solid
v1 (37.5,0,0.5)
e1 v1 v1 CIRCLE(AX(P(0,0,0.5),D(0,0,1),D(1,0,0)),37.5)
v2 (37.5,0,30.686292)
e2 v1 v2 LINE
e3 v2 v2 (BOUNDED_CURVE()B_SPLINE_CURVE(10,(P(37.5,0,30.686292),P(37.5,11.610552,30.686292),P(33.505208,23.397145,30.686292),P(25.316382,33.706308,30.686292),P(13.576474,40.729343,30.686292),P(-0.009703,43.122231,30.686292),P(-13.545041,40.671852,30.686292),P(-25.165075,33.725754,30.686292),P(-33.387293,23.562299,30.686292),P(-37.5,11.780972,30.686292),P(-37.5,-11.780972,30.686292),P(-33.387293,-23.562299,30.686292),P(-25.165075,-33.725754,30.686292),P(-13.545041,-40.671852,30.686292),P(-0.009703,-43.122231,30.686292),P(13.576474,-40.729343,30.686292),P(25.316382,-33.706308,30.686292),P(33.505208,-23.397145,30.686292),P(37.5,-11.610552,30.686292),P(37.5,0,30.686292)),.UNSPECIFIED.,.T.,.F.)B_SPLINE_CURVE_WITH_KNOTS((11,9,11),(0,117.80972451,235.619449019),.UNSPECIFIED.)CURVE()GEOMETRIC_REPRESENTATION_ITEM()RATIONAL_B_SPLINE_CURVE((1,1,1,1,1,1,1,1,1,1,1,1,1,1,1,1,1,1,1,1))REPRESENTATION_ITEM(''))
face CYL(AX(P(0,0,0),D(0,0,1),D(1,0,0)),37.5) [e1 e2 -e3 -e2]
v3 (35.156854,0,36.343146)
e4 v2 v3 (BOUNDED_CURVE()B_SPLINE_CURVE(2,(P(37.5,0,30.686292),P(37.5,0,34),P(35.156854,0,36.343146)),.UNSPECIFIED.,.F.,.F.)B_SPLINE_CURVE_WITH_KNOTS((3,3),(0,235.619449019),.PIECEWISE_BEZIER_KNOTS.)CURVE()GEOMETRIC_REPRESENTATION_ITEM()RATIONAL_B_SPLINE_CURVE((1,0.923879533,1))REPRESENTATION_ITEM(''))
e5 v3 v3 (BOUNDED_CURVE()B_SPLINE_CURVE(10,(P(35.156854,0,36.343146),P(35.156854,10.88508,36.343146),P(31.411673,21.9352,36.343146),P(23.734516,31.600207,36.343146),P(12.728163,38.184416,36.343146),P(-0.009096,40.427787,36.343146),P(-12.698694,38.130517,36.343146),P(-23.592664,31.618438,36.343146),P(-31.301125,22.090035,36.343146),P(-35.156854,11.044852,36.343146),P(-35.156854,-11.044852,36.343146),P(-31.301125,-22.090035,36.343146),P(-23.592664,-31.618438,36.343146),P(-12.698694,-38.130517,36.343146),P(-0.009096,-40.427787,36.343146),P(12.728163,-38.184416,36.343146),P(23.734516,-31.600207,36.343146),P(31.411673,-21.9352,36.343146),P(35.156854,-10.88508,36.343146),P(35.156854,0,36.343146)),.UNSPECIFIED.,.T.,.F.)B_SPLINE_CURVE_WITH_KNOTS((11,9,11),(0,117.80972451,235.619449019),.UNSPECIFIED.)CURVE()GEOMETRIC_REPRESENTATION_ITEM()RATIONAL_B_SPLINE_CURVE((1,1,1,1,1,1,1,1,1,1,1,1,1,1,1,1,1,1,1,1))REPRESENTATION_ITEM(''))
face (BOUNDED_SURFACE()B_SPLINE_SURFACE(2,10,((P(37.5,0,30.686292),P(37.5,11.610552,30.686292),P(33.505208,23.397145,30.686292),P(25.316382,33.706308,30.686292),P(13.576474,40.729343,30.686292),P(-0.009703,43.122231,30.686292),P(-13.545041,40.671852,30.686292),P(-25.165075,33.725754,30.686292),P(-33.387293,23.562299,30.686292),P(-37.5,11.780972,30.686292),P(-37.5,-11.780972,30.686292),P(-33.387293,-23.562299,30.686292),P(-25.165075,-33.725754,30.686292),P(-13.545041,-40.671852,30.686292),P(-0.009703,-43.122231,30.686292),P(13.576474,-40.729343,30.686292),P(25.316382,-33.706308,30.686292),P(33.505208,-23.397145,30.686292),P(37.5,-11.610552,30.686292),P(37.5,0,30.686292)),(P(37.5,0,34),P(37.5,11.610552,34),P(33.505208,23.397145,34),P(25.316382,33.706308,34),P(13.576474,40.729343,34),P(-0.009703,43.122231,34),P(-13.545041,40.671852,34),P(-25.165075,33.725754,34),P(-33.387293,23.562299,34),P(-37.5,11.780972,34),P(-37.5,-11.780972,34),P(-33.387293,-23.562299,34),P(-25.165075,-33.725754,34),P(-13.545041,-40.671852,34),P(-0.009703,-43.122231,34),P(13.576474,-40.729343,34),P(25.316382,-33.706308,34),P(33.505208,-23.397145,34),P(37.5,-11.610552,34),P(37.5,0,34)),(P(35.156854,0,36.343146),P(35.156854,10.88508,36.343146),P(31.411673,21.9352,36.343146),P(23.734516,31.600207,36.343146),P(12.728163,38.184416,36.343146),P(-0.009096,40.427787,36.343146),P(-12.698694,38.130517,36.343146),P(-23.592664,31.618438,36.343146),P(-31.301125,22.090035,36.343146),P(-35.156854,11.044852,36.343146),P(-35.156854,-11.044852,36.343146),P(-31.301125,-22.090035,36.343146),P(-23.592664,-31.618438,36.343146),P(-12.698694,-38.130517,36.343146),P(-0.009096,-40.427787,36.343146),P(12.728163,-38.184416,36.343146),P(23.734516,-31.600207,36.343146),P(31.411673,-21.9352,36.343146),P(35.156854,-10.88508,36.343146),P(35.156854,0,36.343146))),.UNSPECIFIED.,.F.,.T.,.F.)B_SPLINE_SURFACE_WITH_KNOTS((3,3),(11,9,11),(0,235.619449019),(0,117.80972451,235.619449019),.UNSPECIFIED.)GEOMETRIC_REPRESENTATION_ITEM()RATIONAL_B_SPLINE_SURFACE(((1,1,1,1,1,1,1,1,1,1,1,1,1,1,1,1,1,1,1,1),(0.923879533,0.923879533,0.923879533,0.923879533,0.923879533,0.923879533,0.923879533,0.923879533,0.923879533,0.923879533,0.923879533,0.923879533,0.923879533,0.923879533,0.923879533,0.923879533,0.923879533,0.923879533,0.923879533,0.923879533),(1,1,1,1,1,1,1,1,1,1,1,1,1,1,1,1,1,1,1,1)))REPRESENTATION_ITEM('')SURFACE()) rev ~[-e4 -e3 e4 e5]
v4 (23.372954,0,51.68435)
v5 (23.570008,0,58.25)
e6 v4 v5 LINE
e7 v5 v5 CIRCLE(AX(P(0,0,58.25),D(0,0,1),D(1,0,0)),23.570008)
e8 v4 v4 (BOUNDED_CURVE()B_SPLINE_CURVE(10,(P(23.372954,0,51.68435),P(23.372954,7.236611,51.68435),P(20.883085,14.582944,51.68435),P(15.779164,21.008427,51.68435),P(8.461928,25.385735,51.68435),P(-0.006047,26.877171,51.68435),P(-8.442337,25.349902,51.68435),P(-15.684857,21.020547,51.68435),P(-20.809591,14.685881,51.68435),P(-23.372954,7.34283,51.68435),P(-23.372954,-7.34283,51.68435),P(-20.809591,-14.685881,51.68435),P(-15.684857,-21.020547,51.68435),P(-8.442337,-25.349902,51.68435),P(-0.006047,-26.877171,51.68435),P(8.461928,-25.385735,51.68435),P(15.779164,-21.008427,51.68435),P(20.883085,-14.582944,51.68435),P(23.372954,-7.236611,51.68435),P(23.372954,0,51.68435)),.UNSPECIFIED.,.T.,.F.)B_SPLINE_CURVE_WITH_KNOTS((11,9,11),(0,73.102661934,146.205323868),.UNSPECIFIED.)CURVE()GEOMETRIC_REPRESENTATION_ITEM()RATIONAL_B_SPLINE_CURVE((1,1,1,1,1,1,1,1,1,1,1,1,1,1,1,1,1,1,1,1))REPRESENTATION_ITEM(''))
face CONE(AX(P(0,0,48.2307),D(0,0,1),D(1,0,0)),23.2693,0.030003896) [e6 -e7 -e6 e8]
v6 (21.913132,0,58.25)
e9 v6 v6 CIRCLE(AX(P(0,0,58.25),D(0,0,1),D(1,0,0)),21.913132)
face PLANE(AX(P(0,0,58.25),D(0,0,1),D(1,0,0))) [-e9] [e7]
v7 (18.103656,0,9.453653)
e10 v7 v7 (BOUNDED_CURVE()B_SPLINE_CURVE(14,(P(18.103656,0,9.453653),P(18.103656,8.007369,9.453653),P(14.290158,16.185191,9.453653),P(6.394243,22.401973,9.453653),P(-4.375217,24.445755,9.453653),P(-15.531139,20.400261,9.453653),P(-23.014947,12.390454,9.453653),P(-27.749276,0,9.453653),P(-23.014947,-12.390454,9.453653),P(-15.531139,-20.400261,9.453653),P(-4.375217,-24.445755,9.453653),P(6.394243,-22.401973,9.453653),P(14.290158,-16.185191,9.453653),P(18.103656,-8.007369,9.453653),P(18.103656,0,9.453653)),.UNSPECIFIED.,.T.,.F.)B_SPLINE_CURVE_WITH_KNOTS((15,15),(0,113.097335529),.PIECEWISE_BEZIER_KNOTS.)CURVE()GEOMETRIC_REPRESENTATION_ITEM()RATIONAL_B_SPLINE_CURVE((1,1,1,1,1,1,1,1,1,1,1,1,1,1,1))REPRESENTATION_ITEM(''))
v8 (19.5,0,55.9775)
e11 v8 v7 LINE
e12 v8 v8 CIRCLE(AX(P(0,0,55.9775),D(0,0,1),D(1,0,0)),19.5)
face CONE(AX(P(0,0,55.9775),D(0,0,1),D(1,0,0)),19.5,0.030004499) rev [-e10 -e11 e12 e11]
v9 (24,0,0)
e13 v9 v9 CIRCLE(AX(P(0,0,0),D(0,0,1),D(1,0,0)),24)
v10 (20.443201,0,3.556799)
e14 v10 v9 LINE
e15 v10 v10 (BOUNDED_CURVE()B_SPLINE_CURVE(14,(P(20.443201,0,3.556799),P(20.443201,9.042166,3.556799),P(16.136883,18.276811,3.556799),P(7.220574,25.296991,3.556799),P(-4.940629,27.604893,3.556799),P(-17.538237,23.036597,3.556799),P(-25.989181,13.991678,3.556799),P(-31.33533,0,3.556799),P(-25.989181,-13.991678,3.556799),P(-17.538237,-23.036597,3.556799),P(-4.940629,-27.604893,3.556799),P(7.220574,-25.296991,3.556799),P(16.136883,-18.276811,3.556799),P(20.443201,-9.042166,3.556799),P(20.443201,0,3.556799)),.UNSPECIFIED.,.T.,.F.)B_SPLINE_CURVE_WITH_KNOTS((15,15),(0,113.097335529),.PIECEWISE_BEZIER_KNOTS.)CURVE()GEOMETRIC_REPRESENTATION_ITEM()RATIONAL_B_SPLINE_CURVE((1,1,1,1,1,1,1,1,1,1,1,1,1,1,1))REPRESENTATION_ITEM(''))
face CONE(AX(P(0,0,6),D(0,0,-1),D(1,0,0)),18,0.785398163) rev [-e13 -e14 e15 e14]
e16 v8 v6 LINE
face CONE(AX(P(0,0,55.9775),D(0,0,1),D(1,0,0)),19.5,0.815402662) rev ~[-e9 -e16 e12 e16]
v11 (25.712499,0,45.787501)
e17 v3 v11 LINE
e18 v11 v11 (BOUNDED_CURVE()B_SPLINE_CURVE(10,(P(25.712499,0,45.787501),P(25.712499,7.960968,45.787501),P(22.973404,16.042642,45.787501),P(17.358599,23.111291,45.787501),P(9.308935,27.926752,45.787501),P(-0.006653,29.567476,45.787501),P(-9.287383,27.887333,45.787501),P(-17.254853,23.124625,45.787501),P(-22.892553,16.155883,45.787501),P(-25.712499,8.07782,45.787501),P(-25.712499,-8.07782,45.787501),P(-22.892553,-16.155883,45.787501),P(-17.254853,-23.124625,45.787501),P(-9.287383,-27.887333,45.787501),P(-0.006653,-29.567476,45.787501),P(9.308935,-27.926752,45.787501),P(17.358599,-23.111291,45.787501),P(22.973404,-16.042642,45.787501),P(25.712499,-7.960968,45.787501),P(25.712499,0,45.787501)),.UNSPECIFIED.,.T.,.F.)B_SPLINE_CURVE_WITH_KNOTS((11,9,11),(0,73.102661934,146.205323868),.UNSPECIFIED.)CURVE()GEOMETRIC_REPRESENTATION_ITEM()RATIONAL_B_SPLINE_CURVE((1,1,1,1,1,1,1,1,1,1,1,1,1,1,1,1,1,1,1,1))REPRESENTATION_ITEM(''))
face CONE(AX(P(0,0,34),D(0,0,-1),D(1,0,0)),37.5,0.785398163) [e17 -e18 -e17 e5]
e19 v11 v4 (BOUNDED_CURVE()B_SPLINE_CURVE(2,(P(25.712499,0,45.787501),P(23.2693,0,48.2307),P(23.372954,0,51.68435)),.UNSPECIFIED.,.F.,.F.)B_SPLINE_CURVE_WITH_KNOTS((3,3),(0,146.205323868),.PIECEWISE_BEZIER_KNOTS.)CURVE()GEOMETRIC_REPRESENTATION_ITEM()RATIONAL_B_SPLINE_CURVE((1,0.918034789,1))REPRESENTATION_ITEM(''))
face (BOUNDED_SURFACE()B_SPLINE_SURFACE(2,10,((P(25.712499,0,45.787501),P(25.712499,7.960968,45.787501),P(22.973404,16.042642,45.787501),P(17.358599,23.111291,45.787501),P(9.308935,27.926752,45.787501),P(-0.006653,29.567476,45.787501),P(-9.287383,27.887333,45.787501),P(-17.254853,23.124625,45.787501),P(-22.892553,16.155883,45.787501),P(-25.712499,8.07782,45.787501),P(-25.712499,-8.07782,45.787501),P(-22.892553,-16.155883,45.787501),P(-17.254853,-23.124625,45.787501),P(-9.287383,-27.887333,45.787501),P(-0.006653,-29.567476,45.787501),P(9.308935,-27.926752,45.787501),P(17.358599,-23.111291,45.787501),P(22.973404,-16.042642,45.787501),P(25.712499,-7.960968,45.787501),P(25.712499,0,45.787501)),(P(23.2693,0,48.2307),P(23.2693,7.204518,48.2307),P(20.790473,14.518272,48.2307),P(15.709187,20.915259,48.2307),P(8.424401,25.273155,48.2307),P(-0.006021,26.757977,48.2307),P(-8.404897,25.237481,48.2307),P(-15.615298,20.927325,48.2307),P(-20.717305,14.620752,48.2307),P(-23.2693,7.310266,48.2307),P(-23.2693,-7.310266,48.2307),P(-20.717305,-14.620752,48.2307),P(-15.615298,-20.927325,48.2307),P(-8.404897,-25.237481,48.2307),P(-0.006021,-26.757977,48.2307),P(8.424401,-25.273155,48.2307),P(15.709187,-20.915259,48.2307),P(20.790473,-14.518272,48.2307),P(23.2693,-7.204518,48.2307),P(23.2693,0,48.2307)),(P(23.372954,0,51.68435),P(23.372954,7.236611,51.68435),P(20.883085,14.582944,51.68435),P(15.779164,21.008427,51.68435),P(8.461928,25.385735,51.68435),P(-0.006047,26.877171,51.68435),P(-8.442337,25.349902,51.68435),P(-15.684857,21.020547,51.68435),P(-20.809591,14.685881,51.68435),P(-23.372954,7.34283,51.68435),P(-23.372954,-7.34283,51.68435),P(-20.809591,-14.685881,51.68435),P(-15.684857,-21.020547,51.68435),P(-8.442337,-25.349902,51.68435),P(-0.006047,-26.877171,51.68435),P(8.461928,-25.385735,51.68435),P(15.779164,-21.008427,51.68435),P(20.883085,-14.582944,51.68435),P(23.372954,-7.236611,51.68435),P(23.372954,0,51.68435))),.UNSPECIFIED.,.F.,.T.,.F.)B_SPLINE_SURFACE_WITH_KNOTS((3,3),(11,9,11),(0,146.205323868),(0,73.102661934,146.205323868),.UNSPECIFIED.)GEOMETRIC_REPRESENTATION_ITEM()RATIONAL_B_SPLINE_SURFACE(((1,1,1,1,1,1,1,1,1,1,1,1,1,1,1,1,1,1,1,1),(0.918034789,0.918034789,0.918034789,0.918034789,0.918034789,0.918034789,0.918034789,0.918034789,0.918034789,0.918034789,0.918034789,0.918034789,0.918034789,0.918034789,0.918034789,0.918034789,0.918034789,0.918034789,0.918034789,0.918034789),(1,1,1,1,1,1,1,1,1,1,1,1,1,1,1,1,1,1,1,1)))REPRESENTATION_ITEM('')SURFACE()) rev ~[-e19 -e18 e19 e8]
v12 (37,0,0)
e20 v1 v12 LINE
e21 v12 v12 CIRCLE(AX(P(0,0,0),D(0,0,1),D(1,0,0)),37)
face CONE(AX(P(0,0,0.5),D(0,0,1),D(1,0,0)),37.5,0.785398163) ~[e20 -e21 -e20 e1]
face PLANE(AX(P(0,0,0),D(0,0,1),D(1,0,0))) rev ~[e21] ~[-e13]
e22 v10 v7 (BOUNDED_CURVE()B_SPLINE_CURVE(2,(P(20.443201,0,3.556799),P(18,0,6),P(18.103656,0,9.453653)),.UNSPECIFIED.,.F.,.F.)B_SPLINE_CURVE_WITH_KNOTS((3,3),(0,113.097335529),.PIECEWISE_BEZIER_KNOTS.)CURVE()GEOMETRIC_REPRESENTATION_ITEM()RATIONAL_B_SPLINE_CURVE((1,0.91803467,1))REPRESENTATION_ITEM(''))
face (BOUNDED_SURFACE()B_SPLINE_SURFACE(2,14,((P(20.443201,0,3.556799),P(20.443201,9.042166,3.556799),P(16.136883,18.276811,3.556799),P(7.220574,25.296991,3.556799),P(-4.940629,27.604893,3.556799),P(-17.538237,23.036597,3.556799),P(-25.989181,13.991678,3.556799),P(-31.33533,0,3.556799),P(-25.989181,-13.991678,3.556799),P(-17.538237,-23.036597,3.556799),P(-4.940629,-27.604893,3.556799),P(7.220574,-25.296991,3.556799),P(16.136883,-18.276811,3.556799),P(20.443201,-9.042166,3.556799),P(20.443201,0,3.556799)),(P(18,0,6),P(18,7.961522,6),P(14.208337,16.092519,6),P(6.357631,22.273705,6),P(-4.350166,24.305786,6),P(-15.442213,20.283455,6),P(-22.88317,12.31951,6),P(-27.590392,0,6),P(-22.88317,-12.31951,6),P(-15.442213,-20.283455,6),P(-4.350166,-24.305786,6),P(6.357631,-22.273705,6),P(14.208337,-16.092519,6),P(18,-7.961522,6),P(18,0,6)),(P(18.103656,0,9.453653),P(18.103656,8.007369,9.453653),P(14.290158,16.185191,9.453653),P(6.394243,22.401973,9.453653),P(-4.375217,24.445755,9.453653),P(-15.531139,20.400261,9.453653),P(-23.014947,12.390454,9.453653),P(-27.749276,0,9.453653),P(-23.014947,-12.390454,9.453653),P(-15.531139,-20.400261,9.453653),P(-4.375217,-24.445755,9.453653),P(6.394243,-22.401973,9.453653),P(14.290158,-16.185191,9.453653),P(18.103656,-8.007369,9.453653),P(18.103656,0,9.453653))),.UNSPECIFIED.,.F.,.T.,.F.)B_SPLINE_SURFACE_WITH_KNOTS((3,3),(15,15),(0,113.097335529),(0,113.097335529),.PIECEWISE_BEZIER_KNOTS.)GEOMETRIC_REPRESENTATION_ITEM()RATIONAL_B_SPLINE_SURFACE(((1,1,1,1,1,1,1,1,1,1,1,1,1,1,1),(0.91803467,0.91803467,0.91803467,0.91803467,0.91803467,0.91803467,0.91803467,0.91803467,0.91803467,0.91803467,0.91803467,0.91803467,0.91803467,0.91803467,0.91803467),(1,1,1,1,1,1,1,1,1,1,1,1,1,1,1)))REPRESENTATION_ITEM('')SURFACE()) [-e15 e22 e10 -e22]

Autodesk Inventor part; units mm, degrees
ref_plane "YZ Plane" through (0, 0, 0) normal (1, 0, 0) x (0, 1, 0)
ref_plane "XZ Plane" through (0, 0, 0) normal (0, 1, 0) x (-1, 0, 0)
sketch "Sketch2" plane through (0, 0, 0) normal (0, 1, 0) x (-1, 0, 0)
  line L0 (-45, 0) -> (7.5, 0) projected
  line L1 (0, -11.9711) -> (0, 71.8268) projected
  line L2 (-37.5, 0) -> (-37.5, 34)
  line L3 (-23.2693, 48.2307) -> (-23.6182, 59.8557)
  line L4 (-19.5, 55.9775) -> (-18, 6)
  line L5 (-19.5, 55.9775) -> (-23.6182, 59.8557)
  line L6 (-33.5, 0) -> (-37.5, 0)
  line L7 (-37.5, 34) -> (-23.2693, 48.2307)
  line L8 (-18, 6) -> (-24, 0)
  line L9 (-33.5, 0) -> (-24, 0)
  point P0 (0, 0)
  dimension "d4" = 4
  dimension "d7" = 34
  dimension "d8" = 37.5
  dimension "d9" = 18
  dimension "d10" = 50
  dimension "d11" = 135
  dimension "d15" = 19.5
  dimension "d25" = 24
  dimension "d26" = 45
  dimension "d27" = 135
revolve "Revolution1" add sketch "Sketch2" angle 360 about axis through (0, 0, -10) along (0, 0, 1)
fillet "Fillet1" radius 8 2 edges at (-23.2693, 0, 48.2307) (-37.5, 0, 34)
ref_plane "Work Plane1" through (0, 0, 60.25) normal (0, 0, 1) x (1, 0, 0)
sketch "Sketch3" plane through (0, 0, 60.25) normal (0, 0, 1) x (1, 0, 0)
  circle A0 centre (0, 0) radius 31.1812
extrude "Extrusion2" cut sketch "Sketch3" against normal blind 2
chamfer "Chamfer1" distance 0.5 angle 45 1 edges at (-37.5, 0, 0)
fillet "Fillet2" radius 8 1 edges at (-18, 0, 6)
properties part number "_3DPrint"
